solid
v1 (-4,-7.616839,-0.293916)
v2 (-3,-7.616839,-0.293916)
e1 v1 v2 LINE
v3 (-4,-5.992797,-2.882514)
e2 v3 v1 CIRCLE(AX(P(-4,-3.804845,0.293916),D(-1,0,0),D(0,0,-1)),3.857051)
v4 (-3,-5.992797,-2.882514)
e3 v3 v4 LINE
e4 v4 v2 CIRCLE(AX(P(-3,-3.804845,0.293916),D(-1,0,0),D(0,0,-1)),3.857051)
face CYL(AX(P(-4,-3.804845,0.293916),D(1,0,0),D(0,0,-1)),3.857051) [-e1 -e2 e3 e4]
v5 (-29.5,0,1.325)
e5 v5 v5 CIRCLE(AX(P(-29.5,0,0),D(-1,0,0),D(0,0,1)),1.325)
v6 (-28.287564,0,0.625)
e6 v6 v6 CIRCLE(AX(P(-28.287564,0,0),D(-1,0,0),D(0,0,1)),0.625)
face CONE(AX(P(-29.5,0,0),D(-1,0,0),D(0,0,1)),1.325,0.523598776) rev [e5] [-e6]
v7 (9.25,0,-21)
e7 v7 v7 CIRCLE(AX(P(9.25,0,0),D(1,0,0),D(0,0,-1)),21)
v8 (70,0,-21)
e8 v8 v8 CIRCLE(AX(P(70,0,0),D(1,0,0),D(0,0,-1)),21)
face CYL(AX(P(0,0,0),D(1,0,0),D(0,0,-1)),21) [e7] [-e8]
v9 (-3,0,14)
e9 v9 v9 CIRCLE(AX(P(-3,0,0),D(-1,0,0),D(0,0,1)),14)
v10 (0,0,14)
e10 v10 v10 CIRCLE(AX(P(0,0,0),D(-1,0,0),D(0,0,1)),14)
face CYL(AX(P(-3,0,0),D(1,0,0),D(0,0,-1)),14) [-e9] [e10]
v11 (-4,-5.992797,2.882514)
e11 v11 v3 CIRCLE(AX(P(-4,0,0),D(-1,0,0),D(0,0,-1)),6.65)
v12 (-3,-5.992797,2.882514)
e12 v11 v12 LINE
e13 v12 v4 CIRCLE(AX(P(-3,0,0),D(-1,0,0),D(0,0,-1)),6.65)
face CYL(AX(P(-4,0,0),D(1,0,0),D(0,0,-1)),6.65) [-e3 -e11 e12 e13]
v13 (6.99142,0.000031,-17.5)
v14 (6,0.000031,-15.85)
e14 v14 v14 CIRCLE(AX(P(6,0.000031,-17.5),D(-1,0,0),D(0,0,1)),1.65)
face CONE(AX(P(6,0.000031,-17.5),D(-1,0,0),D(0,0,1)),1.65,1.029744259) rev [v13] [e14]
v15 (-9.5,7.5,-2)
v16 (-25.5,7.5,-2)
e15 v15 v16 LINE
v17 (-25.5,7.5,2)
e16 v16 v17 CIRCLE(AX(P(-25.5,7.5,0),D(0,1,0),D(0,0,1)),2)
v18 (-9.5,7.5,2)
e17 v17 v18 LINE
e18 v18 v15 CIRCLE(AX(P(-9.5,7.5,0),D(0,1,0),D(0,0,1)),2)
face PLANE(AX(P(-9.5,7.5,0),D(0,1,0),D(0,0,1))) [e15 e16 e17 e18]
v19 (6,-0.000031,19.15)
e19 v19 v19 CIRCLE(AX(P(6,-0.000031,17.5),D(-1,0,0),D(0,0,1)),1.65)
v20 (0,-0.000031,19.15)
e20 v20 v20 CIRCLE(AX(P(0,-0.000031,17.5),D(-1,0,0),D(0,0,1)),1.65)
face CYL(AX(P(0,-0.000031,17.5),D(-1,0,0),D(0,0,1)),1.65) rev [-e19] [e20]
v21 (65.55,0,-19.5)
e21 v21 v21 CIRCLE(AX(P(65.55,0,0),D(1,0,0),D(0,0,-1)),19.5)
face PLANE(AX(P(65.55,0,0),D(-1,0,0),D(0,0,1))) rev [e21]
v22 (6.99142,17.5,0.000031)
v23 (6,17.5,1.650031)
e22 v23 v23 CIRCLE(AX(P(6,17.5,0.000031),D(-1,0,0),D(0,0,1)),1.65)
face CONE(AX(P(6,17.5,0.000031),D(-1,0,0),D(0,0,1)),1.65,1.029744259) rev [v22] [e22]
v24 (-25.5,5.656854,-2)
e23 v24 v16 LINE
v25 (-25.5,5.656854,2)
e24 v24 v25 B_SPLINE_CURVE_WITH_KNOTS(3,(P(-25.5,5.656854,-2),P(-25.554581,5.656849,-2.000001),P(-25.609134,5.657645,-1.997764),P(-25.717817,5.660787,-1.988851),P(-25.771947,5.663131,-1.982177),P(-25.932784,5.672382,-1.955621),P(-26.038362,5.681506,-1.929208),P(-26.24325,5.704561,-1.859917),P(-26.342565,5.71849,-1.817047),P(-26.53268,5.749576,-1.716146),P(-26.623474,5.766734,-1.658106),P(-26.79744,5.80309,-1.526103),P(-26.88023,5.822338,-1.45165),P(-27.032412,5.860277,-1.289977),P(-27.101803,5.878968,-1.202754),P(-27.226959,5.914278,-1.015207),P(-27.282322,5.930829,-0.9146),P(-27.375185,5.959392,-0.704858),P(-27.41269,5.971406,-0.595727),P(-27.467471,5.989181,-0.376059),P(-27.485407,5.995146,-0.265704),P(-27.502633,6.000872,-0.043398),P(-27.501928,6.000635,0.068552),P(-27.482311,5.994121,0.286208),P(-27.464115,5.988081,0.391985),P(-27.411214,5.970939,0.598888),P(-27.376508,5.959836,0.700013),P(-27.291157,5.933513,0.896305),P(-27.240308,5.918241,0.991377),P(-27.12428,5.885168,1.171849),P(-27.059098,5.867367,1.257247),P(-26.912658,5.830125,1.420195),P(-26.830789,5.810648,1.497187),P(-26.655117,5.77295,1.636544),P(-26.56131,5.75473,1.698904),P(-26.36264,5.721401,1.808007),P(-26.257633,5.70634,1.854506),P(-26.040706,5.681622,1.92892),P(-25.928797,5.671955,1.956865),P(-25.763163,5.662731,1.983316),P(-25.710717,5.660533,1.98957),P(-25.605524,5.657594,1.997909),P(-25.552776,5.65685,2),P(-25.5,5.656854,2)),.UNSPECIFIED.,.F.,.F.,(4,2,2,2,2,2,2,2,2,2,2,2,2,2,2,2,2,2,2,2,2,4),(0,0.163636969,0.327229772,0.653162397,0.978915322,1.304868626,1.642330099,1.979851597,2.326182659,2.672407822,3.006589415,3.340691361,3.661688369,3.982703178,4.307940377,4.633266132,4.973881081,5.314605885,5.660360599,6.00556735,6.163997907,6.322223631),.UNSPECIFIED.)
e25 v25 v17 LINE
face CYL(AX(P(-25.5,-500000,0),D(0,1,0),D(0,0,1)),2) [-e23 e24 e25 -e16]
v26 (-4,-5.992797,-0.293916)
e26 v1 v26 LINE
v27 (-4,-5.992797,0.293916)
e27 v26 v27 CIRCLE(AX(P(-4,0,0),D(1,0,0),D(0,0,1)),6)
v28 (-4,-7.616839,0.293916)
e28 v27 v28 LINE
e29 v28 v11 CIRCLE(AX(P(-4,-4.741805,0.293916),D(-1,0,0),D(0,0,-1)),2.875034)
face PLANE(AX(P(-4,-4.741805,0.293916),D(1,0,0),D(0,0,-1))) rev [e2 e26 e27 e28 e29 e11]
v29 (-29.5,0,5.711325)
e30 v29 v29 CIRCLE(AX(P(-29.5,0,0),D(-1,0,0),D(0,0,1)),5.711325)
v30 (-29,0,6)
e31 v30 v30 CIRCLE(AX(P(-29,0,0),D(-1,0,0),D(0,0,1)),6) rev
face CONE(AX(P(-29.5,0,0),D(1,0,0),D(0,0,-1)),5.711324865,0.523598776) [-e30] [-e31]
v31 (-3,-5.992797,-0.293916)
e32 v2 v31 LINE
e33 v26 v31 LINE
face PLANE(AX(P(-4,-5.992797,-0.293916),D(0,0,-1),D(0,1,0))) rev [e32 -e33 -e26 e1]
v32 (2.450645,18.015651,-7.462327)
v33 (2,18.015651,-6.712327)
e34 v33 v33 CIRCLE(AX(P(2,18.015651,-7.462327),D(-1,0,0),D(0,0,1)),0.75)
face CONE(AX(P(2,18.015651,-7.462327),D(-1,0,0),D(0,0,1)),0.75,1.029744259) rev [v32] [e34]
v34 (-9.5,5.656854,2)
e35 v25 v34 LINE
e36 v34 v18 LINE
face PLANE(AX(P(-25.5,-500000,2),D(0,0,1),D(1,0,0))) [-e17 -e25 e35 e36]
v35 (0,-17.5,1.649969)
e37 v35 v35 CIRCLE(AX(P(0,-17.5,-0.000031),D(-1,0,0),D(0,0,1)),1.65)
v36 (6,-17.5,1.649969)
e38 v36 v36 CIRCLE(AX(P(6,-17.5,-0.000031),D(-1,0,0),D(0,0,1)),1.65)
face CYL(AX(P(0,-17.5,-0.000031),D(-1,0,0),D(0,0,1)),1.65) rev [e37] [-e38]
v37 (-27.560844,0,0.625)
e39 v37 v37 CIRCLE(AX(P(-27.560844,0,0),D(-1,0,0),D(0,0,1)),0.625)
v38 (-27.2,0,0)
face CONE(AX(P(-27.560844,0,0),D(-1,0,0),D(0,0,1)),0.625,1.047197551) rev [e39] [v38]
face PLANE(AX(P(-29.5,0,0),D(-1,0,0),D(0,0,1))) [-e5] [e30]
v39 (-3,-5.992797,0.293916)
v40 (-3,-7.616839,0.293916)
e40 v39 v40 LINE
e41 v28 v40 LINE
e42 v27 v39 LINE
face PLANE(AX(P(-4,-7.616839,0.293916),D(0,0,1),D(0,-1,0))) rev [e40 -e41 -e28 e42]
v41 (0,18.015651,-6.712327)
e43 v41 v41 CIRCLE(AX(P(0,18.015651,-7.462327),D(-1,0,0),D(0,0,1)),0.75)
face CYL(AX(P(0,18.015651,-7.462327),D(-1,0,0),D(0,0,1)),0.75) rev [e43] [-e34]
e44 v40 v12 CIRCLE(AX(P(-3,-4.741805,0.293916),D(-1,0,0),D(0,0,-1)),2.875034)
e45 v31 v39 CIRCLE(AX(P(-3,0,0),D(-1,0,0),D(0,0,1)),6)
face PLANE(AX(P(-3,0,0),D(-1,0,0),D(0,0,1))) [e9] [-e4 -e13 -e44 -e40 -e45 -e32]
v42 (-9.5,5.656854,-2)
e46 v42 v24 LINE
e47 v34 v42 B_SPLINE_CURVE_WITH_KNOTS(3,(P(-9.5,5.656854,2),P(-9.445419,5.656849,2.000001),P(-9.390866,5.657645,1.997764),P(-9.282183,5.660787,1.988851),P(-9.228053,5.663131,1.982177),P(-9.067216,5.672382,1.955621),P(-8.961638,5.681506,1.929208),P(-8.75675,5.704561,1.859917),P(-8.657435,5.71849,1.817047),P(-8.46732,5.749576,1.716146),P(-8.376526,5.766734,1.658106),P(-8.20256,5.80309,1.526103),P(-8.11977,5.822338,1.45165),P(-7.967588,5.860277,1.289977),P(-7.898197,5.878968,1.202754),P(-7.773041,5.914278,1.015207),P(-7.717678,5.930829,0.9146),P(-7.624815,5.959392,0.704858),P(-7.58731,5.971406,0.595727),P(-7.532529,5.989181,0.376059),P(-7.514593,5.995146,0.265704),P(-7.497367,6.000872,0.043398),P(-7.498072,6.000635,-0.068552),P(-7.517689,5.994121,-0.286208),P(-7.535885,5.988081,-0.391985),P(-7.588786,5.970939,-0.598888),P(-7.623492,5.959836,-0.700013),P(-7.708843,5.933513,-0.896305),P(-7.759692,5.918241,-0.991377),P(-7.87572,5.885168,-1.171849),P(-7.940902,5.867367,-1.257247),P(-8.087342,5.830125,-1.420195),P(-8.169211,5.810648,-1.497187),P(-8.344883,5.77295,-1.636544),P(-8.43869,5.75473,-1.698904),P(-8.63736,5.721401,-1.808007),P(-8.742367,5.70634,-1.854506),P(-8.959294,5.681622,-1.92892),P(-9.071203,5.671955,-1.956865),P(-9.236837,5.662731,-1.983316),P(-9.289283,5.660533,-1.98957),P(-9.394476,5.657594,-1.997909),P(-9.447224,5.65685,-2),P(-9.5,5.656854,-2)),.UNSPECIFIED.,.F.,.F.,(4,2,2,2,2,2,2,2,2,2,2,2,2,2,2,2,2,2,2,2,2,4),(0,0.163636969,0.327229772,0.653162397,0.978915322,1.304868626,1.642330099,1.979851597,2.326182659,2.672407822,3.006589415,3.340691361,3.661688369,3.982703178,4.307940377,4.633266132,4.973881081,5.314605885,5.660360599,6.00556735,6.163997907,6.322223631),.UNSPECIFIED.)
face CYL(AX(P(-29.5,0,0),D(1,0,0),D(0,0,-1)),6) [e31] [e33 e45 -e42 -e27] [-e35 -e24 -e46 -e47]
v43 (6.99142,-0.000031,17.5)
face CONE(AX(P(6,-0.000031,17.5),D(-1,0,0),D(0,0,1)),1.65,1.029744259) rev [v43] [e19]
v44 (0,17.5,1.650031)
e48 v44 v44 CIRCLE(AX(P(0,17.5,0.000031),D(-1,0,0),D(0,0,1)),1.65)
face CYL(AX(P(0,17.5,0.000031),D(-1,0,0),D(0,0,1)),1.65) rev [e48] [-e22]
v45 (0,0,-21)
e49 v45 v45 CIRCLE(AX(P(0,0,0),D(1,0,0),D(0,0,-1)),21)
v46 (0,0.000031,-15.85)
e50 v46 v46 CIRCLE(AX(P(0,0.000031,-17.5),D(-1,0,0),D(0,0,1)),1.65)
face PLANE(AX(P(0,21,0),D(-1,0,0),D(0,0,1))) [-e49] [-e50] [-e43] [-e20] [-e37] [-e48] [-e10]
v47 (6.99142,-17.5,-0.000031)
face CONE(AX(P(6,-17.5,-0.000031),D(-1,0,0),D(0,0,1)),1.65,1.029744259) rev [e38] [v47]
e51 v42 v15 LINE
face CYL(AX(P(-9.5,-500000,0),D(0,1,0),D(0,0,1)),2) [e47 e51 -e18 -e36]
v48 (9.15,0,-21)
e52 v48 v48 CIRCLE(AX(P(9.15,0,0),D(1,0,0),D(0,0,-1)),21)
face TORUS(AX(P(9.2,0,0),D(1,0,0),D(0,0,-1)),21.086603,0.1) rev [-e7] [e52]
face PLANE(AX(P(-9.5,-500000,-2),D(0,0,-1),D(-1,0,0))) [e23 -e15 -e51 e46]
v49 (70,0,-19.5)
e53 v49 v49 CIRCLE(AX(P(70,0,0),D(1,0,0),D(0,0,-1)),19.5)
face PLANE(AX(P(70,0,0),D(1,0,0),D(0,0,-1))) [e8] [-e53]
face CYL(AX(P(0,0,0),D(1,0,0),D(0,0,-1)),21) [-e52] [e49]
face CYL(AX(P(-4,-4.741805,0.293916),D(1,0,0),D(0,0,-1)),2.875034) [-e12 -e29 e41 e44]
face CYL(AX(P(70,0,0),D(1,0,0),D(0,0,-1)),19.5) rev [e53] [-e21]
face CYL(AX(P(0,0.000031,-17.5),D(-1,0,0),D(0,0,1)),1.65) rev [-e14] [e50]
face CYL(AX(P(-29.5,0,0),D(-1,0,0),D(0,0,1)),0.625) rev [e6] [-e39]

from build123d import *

# Parameters (mm, degrees)
SKETCH2_R                              = 14
BOSS_EXTRUDE1_DEPTH                    = 3
SKETCH3_R                              = 6
BOSS_EXTRUDE2_DEPTH                    = 26.5
BOSS_EXTRUDE3_DEPTH                    = 1
BOSS_EXTRUDE4_REACH                    = 80.443
BOSS_EXTRUDE4_END_RADIUS               = 6
M36_CLEARANCE_HOLE1_D                  = 39
M36_CLEARANCE_HOLE1_DEPTH              = 4.45
F_1_5_1_5_DIAMETER_HOLE1_D             = 1.5
F_1_5_1_5_DIAMETER_HOLE1_DEPTH         = 2
F_1_5_1_5_DIAMETER_HOLE1_TIP           = 0.450645464
F_3_3_3_3_DIAMETER_HOLE1_D             = 3.3
F_3_3_3_3_DIAMETER_HOLE1_DEPTH         = 6
F_3_3_3_3_DIAMETER_HOLE1_TIP           = 0.991420021
F_1_25_1_25_DIAMETER_HOLE1_D           = 1.25
F_1_25_1_25_DIAMETER_HOLE1_DEPTH       = 1.939156082
F_1_25_1_25_DIAMETER_HOLE1_CSINK_D     = 2.65
F_1_25_1_25_DIAMETER_HOLE1_CSINK_ANGLE = 60
F_1_25_1_25_DIAMETER_HOLE1_TIP         = 0.360843918
CHAMFER1_SIZE                          = 0.288675135
CHAMFER1_SIZE2                         = 0.5


with BuildPart() as part:
    # Sketch1 → Revolve1 (revolve)
    with BuildSketch(Plane.XY, mode=Mode.PRIVATE) as revolve1_sk:
        with BuildLine():
            Line((0, 21), (0, 0))
            Line((0, 0), (70, 0))
            Line((70, 0), (70, 21))
            Line((70, 21), (9.25, 21))
            ThreePointArc((9.25, 21), (9.2, 20.98660254), (9.15, 21))
            Line((9.15, 21), (0, 21))
        make_face()
    revolve(revolve1_sk.sketch.rotate(Axis((0, 0, 0), (1, 0, 0)), 270), axis=Axis((0, 0, 0), (1, 0, 0)))

    # Sketch2 → Boss-Extrude1 (add)
    with BuildSketch(Plane.ZY):
        Circle(SKETCH2_R)
    extrude(amount=BOSS_EXTRUDE1_DEPTH)

    # Sketch3 → Boss-Extrude2 (add)
    with BuildSketch(Plane.ZY.offset(3)):
        Circle(SKETCH3_R)
    extrude(amount=BOSS_EXTRUDE2_DEPTH)

    # Sketch4 → Boss-Extrude3 (add)
    with BuildSketch(Plane.ZY.offset(3)):
        with BuildLine():
            Line((0.293916284, -7.616838781), (0.293916284, -5.992796778))
            ThreePointArc((0.293916284, -5.992796778), (0, 6), (-0.293916284, -5.992796778))
            Line((-0.293916284, -5.992796778), (-0.293916284, -7.616838781))
            ThreePointArc((-0.293916284, -7.616838781), (-1.755912185, -7.072113956), (-2.882513969, -5.992796778))
            ThreePointArc((-2.882513969, -5.992796778), (0, 6.65), (2.882513969, -5.992796778))
            ThreePointArc((2.882513969, -5.992796778), (1.821852016, -7.17721696), (0.293916284, -7.616838781))
        make_face()
    extrude(amount=BOSS_EXTRUDE3_DEPTH)

    # Boss-Extrude4: up to this cylinder (the profile starts outside it)
    boss_extrude4_end = Plane(origin=(-17.5, 0, 0), z_dir=(1, 0, 0)) * Cylinder(BOSS_EXTRUDE4_END_RADIUS, 173.886, mode=Mode.PRIVATE)
    # Sketch5 → Boss-Extrude4 (add, up to the surface)
    with BuildSketch(Plane(origin=(0, 7.5, 0), x_dir=(1, 0, 0), z_dir=(0, 1, 0)), mode=Mode.PRIVATE) as boss_extrude4_sk1:
        with BuildLine():
            Line((-9.5, 2), (-25.5, 2))
            ThreePointArc((-25.5, 2), (-27.5, 0), (-25.5, -2))
            Line((-25.5, -2), (-9.5, -2))
            ThreePointArc((-9.5, -2), (-7.5, 0), (-9.5, 2))
        make_face()
    boss_extrude4_tool1 = extrude(boss_extrude4_sk1.sketch, amount=-BOSS_EXTRUDE4_REACH, mode=Mode.PRIVATE) - boss_extrude4_end
    add(boss_extrude4_tool1.solids().sort_by_distance((-17.5, 7.5, 0))[0])

    # M36 Clearance Hole1
    with Locations(Plane(origin=(70, 0, 0), x_dir=(0, 0, -1), z_dir=(1, 0, 0))):
        with Locations((0, 0)):
            Hole(M36_CLEARANCE_HOLE1_D / 2, depth=M36_CLEARANCE_HOLE1_DEPTH)

    # Ø1.5 (1.5) Diameter Hole1
    with Locations(Plane.ZY):
        with Locations((-7.462326931, 18.015650884)):
            Hole(F_1_5_1_5_DIAMETER_HOLE1_D / 2, depth=F_1_5_1_5_DIAMETER_HOLE1_DEPTH)
            with Locations((0, 0, -(F_1_5_1_5_DIAMETER_HOLE1_DEPTH + F_1_5_1_5_DIAMETER_HOLE1_TIP / 2))):  # 118° drill point
                Cone(0, F_1_5_1_5_DIAMETER_HOLE1_D / 2, F_1_5_1_5_DIAMETER_HOLE1_TIP, mode=Mode.SUBTRACT)

    # Ø3.3 (3.3) Diameter Hole1
    with Locations(Plane.ZY):
        with Locations((3.0543e-05, 17.5), (17.5, -3.0543e-05), (-3.0543e-05, -17.5), (-17.5, 3.0543e-05)):
            Hole(F_3_3_3_3_DIAMETER_HOLE1_D / 2, depth=F_3_3_3_3_DIAMETER_HOLE1_DEPTH)
            with Locations((0, 0, -(F_3_3_3_3_DIAMETER_HOLE1_DEPTH + F_3_3_3_3_DIAMETER_HOLE1_TIP / 2))):  # 118° drill point
                Cone(0, F_3_3_3_3_DIAMETER_HOLE1_D / 2, F_3_3_3_3_DIAMETER_HOLE1_TIP, mode=Mode.SUBTRACT)

    # Ø1.25 (1.25) Diameter Hole1
    with Locations(Plane.ZY.offset(29.5)):
        with Locations((0, 0)):
            CounterSinkHole(F_1_25_1_25_DIAMETER_HOLE1_D / 2, F_1_25_1_25_DIAMETER_HOLE1_CSINK_D / 2, depth=F_1_25_1_25_DIAMETER_HOLE1_DEPTH, counter_sink_angle=F_1_25_1_25_DIAMETER_HOLE1_CSINK_ANGLE)
            with Locations((0, 0, -(F_1_25_1_25_DIAMETER_HOLE1_DEPTH + F_1_25_1_25_DIAMETER_HOLE1_TIP / 2))):  # 120° drill point
                Cone(0, F_1_25_1_25_DIAMETER_HOLE1_D / 2, F_1_25_1_25_DIAMETER_HOLE1_TIP, mode=Mode.SUBTRACT)

    # Chamfer1
    chamfer1_edges = [part.edges().sort_by_distance(p)[0] for p in [
        (-29.5, 0, -6),
    ]]
    chamfer1_side = [part.faces().sort_by_distance(p)[0] for p in [
        (-29.5, 0, -5.830294373),
    ]]
    chamfer(chamfer1_edges, length=CHAMFER1_SIZE, length2=CHAMFER1_SIZE2, reference=chamfer1_side[0])


solid = part.part
